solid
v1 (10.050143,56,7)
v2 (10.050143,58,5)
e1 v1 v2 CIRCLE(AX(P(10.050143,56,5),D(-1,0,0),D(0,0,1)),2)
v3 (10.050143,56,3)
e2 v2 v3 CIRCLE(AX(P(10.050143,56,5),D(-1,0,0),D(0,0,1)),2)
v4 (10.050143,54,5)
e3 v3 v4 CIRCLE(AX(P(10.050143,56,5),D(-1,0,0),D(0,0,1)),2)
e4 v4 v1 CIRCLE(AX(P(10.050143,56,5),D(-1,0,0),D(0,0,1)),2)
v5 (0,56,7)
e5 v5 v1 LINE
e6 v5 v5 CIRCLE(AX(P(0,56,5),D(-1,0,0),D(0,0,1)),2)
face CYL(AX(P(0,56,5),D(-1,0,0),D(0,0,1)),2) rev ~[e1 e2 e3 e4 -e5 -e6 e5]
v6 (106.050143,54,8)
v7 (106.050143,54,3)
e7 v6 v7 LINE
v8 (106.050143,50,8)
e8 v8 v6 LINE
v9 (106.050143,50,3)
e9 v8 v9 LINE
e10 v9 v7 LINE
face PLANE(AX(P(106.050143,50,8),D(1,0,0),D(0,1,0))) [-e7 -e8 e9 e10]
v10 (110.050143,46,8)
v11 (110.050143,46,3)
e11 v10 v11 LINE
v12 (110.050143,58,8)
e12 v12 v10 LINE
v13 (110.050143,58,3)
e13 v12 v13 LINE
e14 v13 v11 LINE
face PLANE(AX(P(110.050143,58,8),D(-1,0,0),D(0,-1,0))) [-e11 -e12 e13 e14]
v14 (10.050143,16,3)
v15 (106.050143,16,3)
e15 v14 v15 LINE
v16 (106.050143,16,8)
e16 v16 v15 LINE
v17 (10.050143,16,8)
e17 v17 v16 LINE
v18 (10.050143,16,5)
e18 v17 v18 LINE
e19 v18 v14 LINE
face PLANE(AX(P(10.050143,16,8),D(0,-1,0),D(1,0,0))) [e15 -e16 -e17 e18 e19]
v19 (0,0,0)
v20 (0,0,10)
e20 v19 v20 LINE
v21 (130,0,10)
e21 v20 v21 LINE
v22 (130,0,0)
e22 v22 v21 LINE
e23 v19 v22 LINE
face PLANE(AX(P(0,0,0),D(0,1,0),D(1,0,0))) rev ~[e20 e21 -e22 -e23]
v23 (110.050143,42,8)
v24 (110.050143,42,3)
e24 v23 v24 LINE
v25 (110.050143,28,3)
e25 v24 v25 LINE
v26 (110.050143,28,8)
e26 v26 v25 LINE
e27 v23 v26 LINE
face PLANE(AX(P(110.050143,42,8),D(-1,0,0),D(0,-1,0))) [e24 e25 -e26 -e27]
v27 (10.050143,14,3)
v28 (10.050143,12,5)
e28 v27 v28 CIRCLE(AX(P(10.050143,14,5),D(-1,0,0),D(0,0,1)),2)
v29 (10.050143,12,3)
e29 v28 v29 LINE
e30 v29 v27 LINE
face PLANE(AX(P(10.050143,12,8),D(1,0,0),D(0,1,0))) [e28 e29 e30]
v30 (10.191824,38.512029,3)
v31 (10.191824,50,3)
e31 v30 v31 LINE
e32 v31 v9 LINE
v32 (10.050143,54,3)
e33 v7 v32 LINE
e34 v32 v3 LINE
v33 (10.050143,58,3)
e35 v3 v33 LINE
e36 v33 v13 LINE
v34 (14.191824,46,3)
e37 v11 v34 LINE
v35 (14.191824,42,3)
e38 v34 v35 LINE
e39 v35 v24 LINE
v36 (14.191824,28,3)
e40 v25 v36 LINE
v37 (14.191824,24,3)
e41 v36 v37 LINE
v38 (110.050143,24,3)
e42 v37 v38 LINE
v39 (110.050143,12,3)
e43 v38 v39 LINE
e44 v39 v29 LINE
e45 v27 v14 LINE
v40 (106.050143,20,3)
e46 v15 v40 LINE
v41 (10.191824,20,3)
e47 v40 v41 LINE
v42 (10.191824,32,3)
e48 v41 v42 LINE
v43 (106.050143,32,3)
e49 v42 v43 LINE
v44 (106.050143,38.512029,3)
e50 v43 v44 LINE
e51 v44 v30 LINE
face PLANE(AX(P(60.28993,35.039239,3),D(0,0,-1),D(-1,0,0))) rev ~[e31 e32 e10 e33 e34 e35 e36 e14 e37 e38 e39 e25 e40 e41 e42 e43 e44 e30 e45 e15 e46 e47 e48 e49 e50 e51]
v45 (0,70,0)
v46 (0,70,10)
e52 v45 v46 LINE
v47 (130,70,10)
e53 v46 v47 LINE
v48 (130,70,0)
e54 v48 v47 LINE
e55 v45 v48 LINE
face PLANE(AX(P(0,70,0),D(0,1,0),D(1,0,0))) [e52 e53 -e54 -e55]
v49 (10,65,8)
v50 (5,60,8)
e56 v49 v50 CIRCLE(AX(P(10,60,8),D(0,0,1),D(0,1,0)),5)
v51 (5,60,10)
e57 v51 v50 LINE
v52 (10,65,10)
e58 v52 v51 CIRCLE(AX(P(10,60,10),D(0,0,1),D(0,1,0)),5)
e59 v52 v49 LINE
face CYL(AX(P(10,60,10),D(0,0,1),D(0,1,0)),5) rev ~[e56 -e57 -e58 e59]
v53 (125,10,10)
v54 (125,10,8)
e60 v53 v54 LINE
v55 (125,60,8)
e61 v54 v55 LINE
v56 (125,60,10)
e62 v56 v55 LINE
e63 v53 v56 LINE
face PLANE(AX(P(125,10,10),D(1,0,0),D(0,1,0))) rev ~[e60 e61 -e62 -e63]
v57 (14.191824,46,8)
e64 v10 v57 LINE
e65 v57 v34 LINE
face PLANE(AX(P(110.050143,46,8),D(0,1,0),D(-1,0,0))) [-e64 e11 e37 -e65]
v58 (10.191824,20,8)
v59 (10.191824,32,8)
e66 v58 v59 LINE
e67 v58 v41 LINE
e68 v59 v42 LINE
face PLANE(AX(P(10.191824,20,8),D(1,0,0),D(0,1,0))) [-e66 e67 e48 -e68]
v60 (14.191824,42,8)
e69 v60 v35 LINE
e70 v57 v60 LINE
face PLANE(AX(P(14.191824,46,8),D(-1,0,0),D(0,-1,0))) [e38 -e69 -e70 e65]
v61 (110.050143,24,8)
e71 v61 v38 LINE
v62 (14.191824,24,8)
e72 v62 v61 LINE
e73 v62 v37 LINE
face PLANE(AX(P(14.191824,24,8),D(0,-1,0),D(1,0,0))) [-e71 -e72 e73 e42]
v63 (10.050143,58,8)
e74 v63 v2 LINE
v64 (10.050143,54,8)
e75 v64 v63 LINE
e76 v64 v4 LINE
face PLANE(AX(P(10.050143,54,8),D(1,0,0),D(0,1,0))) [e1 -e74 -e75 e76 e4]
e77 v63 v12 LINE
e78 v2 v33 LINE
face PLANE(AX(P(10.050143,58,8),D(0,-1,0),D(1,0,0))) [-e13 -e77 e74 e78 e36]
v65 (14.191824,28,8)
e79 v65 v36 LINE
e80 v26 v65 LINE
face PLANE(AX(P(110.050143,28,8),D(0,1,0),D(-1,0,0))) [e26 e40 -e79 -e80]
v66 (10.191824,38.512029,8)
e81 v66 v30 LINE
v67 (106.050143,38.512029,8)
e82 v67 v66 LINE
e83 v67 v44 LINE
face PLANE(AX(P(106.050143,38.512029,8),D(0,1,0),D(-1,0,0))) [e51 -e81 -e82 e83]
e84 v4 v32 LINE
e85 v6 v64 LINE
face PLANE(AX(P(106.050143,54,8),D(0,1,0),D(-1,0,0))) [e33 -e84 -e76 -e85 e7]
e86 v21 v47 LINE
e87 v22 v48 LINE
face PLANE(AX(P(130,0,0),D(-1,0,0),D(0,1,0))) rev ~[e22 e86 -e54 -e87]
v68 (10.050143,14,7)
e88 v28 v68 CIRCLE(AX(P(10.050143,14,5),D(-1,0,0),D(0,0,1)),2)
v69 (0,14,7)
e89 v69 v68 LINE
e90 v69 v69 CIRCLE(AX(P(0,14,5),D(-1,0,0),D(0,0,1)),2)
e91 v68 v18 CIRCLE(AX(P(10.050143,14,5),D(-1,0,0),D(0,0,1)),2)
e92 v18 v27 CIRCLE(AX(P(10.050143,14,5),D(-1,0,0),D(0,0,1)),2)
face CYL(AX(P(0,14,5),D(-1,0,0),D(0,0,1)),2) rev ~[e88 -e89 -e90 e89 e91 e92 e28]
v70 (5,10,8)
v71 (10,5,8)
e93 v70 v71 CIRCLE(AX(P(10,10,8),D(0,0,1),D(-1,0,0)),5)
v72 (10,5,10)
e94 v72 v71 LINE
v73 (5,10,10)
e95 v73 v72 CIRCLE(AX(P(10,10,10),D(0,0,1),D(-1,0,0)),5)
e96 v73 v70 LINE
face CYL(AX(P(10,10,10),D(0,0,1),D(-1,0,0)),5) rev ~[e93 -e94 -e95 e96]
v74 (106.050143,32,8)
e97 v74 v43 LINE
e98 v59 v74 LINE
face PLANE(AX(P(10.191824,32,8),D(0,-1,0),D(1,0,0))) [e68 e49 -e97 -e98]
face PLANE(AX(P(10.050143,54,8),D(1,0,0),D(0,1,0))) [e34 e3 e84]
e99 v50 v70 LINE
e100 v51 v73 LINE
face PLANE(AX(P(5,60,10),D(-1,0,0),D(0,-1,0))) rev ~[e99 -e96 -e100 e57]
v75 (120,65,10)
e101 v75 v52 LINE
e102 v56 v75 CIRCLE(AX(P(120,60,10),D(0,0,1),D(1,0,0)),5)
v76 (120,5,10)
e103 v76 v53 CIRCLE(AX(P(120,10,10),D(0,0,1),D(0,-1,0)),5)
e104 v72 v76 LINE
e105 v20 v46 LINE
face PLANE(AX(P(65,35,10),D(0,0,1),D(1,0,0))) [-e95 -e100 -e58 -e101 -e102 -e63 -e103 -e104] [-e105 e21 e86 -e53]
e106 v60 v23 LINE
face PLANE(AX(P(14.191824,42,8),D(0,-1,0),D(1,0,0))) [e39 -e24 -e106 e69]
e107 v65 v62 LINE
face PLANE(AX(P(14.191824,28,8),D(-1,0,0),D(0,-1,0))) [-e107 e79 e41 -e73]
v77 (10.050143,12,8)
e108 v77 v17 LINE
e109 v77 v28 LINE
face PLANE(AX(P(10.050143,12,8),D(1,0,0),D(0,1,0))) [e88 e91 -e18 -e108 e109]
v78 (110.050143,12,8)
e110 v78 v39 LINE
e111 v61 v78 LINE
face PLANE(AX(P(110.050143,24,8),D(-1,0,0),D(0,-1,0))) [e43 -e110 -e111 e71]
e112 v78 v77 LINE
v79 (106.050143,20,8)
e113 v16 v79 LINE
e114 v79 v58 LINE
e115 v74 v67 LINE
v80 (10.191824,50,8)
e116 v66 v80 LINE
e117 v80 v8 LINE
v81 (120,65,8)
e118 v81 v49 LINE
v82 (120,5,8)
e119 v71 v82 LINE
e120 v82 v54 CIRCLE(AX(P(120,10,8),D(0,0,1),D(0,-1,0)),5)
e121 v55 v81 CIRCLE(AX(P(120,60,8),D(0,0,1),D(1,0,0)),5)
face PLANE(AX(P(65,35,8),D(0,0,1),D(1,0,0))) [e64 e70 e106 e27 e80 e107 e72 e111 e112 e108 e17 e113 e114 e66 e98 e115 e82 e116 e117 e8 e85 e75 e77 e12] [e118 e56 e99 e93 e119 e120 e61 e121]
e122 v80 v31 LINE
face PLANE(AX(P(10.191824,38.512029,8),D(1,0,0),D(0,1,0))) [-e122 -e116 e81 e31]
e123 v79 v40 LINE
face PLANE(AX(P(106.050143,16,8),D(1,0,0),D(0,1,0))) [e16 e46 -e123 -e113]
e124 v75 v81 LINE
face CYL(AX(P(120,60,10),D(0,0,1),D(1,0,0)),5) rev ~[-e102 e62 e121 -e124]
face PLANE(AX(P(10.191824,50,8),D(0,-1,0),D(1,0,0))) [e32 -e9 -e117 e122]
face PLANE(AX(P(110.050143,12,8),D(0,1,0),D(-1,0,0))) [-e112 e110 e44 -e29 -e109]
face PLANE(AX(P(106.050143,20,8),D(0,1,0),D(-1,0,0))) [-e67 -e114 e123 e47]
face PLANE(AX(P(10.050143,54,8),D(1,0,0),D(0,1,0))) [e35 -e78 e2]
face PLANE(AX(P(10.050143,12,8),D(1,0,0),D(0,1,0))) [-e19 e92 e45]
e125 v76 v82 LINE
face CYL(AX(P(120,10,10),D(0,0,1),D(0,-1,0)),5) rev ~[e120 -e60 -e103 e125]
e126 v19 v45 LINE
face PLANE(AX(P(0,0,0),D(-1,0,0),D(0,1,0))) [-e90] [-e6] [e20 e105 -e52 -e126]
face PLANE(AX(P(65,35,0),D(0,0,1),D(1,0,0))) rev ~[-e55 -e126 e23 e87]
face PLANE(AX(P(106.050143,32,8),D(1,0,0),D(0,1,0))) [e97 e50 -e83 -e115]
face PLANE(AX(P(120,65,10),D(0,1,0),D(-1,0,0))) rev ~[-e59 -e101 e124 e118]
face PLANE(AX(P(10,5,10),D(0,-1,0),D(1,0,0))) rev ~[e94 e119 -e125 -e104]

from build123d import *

# Parameters (mm, degrees)
ESQUISSE1_W             = 130
ESQUISSE1_H             = 70
BOSS_EXTRU_1_DEPTH      = 10
ENL_V_MAT_EXTRU_1_DEPTH = 2
ESQUISSE19_R            = 2
ENL_V_MAT_EXTRU_2_DEPTH = 20
ENL_V_MAT_EXTRU_3_DEPTH = 5


with BuildPart() as part:
    # Esquisse1 → Boss.-Extru.1 (new body)
    with BuildSketch(Plane.XY):
        with Locations((65, 35)):
            Rectangle(ESQUISSE1_W, ESQUISSE1_H)
    extrude(amount=BOSS_EXTRU_1_DEPTH)

    # Esquisse18 → Enlèv. mat.-Extru.1 (cut)
    with BuildSketch(Plane.XY.offset(10)):
        with BuildLine():
            Line((10, 5), (120, 5))
            ThreePointArc((120, 5), (123.535533906, 6.464466094), (125, 10))
            Line((125, 10), (125, 60))
            ThreePointArc((125, 60), (123.535533906, 63.535533906), (120, 65))
            Line((120, 65), (10, 65))
            ThreePointArc((10, 65), (6.464466094, 63.535533906), (5, 60))
            Line((5, 60), (5, 10))
            ThreePointArc((5, 10), (6.464466094, 6.464466094), (10, 5))
        make_face()
    extrude(amount=-ENL_V_MAT_EXTRU_1_DEPTH, mode=Mode.SUBTRACT)

    # Esquisse19 → Enlèv. mat.-Extru.2 (cut)
    with BuildSketch(Plane.ZY):
        with Locations((5, 56)):
            Circle(ESQUISSE19_R)
        with Locations((5, 14)):
            Circle(ESQUISSE19_R)
    extrude(amount=-ENL_V_MAT_EXTRU_2_DEPTH, mode=Mode.SUBTRACT)

    # Esquisse20 → Enlèv. mat.-Extru.3 (cut)
    with BuildSketch(Plane.XY.offset(8)):
        Polygon((10.050143374, 58), (110.050143374, 58), (110.050143374, 46), (14.191824128, 46), (14.191824128, 42), (110.050143374, 42), (110.050143374, 28), (14.191824128, 28), (14.191824128, 24), (110.050143374, 24), (110.050143374, 12), (10.050143374, 12), (10.050143374, 16), (106.050143374, 16), (106.050143374, 20), (10.191824128, 20), (10.191824128, 32), (106.050143374, 32), (106.050143374, 38.512028665), (10.191824128, 38.512028665), (10.191824128, 50), (106.050143374, 50), (106.050143374, 54), (10.050143374, 54), align=None)
    extrude(amount=-ENL_V_MAT_EXTRU_3_DEPTH, mode=Mode.SUBTRACT)


solid = part.part
